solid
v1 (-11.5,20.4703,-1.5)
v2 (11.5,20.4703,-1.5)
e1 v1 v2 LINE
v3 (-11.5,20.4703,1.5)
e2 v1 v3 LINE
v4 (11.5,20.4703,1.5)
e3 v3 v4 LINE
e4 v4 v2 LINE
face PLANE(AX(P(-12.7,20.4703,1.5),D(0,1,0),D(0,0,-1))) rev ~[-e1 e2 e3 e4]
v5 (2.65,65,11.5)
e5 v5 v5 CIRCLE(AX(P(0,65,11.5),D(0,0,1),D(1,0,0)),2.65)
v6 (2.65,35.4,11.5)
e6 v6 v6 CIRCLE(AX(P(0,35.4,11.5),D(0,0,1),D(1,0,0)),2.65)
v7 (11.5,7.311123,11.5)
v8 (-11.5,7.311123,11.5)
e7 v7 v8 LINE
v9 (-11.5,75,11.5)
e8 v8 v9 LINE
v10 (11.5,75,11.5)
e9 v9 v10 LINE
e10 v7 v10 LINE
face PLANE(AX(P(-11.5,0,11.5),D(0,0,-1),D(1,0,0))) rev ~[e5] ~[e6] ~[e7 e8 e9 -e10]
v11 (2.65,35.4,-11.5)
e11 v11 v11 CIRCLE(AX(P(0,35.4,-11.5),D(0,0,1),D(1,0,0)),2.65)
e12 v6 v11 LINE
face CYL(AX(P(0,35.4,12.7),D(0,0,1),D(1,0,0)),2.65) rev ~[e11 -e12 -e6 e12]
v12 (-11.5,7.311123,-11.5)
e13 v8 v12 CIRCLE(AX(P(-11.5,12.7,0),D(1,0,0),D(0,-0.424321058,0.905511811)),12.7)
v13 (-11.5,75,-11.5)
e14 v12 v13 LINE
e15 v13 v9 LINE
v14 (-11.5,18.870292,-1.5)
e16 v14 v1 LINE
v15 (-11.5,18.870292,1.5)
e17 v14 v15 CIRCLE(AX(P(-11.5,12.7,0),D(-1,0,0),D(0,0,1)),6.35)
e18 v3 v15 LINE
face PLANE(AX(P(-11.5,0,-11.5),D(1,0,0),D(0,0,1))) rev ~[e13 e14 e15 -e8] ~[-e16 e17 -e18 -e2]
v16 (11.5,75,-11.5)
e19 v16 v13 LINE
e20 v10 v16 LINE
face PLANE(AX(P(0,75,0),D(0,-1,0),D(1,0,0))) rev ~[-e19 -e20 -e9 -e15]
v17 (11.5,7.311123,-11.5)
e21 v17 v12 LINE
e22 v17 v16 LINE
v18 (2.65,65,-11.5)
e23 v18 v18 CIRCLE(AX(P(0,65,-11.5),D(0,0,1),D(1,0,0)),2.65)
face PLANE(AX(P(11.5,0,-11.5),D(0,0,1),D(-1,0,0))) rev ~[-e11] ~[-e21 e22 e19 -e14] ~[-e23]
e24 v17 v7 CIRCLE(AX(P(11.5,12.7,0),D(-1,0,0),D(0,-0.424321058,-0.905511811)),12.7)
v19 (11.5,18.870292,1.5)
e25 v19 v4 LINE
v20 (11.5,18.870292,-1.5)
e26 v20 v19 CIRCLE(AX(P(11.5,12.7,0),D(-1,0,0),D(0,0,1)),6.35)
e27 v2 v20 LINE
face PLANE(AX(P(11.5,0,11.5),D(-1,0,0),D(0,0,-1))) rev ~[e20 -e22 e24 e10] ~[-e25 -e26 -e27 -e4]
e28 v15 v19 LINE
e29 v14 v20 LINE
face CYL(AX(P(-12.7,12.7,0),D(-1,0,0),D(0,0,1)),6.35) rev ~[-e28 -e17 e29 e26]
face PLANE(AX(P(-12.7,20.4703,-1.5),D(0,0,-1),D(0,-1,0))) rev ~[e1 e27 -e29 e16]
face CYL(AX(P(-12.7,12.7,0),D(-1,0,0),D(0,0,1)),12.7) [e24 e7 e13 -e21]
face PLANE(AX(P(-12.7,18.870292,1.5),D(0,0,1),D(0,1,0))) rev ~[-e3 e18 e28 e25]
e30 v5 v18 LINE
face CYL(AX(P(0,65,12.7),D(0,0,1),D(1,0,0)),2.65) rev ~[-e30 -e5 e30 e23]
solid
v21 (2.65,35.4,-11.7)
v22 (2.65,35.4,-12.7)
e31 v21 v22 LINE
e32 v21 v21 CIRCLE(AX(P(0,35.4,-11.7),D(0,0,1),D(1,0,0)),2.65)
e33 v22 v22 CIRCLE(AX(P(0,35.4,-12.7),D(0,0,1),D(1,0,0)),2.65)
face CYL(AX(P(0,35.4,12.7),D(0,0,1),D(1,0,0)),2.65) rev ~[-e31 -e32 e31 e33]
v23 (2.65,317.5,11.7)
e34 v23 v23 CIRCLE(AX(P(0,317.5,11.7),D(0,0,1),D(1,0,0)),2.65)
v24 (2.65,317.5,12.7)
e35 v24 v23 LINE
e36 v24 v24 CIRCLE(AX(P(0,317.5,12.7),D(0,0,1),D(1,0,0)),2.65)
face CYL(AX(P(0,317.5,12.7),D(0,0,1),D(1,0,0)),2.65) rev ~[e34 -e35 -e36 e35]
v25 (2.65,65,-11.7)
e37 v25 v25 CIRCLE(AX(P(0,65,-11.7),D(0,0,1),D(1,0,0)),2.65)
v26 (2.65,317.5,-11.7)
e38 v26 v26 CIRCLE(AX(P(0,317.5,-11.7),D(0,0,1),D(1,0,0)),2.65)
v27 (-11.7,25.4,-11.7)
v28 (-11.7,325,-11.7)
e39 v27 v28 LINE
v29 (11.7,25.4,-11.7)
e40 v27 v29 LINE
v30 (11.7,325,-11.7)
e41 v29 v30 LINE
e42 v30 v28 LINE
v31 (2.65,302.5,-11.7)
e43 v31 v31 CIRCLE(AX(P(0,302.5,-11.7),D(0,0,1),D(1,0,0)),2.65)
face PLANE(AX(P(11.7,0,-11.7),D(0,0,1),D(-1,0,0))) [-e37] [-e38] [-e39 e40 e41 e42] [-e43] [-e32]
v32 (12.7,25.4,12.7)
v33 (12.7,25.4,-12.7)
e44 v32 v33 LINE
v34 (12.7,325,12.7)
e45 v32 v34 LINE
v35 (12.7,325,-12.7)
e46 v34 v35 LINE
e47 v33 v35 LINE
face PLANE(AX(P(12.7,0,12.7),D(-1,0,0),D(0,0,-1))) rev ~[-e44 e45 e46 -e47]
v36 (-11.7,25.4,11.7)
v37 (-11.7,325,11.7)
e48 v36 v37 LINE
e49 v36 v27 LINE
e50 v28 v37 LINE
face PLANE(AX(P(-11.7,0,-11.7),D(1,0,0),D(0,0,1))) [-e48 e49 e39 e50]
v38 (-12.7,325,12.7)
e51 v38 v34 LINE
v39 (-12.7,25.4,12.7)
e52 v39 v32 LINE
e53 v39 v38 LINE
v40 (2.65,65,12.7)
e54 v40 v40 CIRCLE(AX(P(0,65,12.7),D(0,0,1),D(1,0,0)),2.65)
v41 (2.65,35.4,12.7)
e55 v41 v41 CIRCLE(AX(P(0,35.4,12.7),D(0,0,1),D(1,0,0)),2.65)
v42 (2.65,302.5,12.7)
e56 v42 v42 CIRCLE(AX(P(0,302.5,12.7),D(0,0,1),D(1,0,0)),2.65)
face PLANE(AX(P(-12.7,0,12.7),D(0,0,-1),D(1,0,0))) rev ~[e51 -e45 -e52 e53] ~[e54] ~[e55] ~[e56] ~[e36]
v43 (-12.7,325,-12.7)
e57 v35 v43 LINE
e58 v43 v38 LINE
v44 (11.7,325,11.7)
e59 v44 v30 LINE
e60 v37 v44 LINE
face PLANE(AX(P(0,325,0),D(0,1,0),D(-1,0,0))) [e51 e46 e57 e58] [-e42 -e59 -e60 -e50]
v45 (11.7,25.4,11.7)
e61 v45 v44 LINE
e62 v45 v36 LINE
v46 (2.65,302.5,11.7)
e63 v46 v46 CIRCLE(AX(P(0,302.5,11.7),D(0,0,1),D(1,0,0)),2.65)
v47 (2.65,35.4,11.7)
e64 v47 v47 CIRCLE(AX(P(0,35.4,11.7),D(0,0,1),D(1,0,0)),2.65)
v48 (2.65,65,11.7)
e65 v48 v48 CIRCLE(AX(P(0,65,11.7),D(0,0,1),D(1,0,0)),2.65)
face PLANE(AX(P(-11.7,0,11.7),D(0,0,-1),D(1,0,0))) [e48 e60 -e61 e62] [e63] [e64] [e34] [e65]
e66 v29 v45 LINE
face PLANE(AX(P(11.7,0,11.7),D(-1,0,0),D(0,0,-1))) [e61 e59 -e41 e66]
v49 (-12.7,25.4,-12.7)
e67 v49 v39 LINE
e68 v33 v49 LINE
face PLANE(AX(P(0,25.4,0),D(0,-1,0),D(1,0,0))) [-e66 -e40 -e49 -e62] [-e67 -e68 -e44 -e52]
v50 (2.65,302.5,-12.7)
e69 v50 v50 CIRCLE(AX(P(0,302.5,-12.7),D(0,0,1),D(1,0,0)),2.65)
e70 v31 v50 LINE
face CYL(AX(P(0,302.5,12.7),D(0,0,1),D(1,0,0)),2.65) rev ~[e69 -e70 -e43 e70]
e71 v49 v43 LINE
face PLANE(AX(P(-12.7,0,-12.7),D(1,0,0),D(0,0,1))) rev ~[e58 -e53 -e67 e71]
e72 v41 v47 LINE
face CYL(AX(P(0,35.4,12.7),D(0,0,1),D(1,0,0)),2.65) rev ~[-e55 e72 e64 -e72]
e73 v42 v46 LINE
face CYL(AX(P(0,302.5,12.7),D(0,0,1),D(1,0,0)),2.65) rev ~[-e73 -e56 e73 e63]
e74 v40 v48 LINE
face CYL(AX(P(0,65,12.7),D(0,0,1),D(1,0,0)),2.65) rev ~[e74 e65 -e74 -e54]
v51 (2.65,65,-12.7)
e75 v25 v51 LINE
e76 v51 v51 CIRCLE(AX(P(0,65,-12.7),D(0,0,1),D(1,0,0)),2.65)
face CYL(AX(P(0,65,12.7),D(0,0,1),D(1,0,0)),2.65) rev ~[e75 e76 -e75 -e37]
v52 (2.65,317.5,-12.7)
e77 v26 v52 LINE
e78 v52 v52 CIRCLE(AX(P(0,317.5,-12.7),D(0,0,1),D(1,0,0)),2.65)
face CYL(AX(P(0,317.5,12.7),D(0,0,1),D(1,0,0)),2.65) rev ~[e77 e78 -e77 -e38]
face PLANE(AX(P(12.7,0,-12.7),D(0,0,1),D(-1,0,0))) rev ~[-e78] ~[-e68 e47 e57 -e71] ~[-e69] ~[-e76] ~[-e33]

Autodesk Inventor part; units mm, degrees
ref_plane "YZ Plane" through (0, 0, 0) normal (1, 0, 0) x (0, 1, 0)
ref_plane "XZ Plane" through (0, 0, 0) normal (0, 1, 0) x (-1, 0, 0)
sketch "Sketch1" plane through (0, 0, 0) normal (0, 1, 0) x (-1, 0, 0)
  line L0 (12.7, 12.7) -> (-12.7, 12.7)
  line L1 (-12.7, 12.7) -> (-12.7, -12.7)
  line L2 (-12.7, -12.7) -> (12.7, -12.7)
  line L3 (12.7, -12.7) -> (12.7, 12.7)
  line L4 (12.7, 12.7) -> (-12.7, -12.7) construction
  line L5 (-12.7, 12.7) -> (12.7, -12.7) construction
  line L6 (-11.7, -11.7) -> (11.7, -11.7)
  line L7 (11.7, -11.7) -> (11.7, 11.7)
  line L8 (11.7, 11.7) -> (-11.7, 11.7)
  line L9 (-11.7, 11.7) -> (-11.7, -11.7)
  line L10 (-11.7, -11.7) -> (11.7, 11.7) construction
  line L11 (11.7, -11.7) -> (-11.7, 11.7) construction
  point P0 (0, 0)
  dimension "d0" = 25.4
  dimension "d1" = 1
extrude "Extrusion1" add sketch "Sketch1" along normal blind 325
ref_plane "Work Plane1" through (-12.7, 325, 12.7) normal (0, 0.7504, 0.661) x (1, 0, 0)
sketch "Sketch4" plane through (0, 0, 0) normal (0, -1, 0) x (1, 0, 0)
  line L0 (11.5, -11.5) -> (-11.5, -11.5)
  line L1 (-11.5, -11.5) -> (-11.5, 11.5)
  line L2 (-11.5, 11.5) -> (11.5, 11.5)
  line L3 (11.5, 11.5) -> (11.5, -11.5)
  line L4 (11.5, -11.5) -> (-11.5, 11.5) construction
  line L5 (-11.5, -11.5) -> (11.5, 11.5) construction
  line L6 (11.7, 11.7) -> (-11.7, 11.7) projected
  point P0 (0, 0)
  dimension "d9" = 0.2
extrude "Extrusion3" add sketch "Sketch4" against normal blind 75 separate body
sketch "Sketch6" plane through (0, 0, 0) normal (0, -1, 0) x (1, 0, 0)
  line L0 (12.7, 12.7) -> (12.7, -12.7) projected
  line L1 (-12.7, 12.7) -> (12.7, 12.7) projected
  line L2 (-12.7, -12.7) -> (-12.7, 12.7) projected
  line L3 (12.7, -12.7) -> (-12.7, -12.7) projected
  line L4 (11.7, -11.7) -> (11.7, 11.7) projected
  line L5 (-11.7, -11.7) -> (11.7, -11.7) projected
  line L6 (-11.7, 11.7) -> (-11.7, -11.7) projected
  line L7 (11.7, 11.7) -> (-11.7, 11.7) projected
  point P0 (0, 0)
extrude "Extrusion5" cut sketch "Sketch6" against normal blind 25.4 bodies 1
sketch "Sketch5" plane through (-12.7, 0, -12.7) normal (-1, 0, 0) x (0, 0, 1)
  circle A0 centre (12.7, 12.7) radius 12.7
  line L0 (25.4, 0) -> (25.4, 325) projected
  line L1 (0, 0) -> (25.4, 0) projected
  line L2 (0, 0) -> (0, 325) projected
  circle A1 centre (12.7, 12.7) radius 6.35
  line L3 (14.2, 20.4703) -> (11.2, 20.4703)
  line L4 (11.2, 20.4703) -> (11.2, 17.4703)
  line L5 (11.2, 17.4703) -> (14.2, 17.4703)
  line L6 (14.2, 17.4703) -> (14.2, 20.4703)
  line L7 (12.7, 17.4703) -> (12.7, 19.05) construction
  point P0 (12.7, 0)
  point P1 (17.3368, 8.3615)
  point P2 (0, 12.7)
  point P3 (12.7, 0)
  point P4 (25.4, 12.7)
  point P5 (14.2, 18.8703)
  point P6 (11.2, 18.8703)
  dimension "d32" = 1.4
  dimension "d33" = 3
  dimension "d34" = 12.7
extrude "Extrusion4" cut sketch "Sketch5" against normal through all contours L0 L1 A0 | A0 L1 L2 | A1 L4 L5 L6 | L6 L5 L4 A1 | A1 L4 L3 L6 bodies 1 2
sketch "Sketch7" plane through (-12.7, 325, 12.7) normal (0, 0, 1) x (1, 0, 0)
  line L0 (12.7, -289.6) -> (12.7, -260) construction
  line L1 (12.7, -260) -> (12.7, -250) construction
  line L2 (12.7, -289.6) -> (12.7, -299.6) construction
  circle A0 centre (12.7, -260) radius 2.65
  circle A1 centre (12.7, -289.6) radius 2.65
  line L3 (1.2, -250) -> (24.2, -250) projected
  line L4 (0, -299.6) -> (25.4, -299.6) projected
  dimension "d20" = 5.3
  dimension "d21" = 10
extrude "Extrusion6" cut sketch "Sketch7" against normal through all bodies 1 2
sketch "Sketch8" plane through (-12.7, 325, 12.7) normal (0, 0, 1) x (1, 0, 0)
  line L0 (25.4, 0) -> (0, 0) projected
  line L1 (25.4, -299.6) -> (25.4, 0) projected
  line L2 (0, -299.6) -> (0, 0) projected
  line L3 (12.7, 0) -> (12.7, -7.5) construction
  line L4 (12.7, -7.5) -> (12.7, -22.5) construction
  circle A0 centre (12.7, -7.5) radius 2.65
  circle A1 centre (12.7, -22.5) radius 2.65
  point P0 (12.7, -325)
  dimension "d26" = 7.5
  dimension "d27" = 15
  dimension "d28" = 5.3
  dimension "d29" = 5.3
extrude "Extrusion7" cut sketch "Sketch8" against normal through all bodies 1
properties part number "Brazo" material "Aluminum 6061"
